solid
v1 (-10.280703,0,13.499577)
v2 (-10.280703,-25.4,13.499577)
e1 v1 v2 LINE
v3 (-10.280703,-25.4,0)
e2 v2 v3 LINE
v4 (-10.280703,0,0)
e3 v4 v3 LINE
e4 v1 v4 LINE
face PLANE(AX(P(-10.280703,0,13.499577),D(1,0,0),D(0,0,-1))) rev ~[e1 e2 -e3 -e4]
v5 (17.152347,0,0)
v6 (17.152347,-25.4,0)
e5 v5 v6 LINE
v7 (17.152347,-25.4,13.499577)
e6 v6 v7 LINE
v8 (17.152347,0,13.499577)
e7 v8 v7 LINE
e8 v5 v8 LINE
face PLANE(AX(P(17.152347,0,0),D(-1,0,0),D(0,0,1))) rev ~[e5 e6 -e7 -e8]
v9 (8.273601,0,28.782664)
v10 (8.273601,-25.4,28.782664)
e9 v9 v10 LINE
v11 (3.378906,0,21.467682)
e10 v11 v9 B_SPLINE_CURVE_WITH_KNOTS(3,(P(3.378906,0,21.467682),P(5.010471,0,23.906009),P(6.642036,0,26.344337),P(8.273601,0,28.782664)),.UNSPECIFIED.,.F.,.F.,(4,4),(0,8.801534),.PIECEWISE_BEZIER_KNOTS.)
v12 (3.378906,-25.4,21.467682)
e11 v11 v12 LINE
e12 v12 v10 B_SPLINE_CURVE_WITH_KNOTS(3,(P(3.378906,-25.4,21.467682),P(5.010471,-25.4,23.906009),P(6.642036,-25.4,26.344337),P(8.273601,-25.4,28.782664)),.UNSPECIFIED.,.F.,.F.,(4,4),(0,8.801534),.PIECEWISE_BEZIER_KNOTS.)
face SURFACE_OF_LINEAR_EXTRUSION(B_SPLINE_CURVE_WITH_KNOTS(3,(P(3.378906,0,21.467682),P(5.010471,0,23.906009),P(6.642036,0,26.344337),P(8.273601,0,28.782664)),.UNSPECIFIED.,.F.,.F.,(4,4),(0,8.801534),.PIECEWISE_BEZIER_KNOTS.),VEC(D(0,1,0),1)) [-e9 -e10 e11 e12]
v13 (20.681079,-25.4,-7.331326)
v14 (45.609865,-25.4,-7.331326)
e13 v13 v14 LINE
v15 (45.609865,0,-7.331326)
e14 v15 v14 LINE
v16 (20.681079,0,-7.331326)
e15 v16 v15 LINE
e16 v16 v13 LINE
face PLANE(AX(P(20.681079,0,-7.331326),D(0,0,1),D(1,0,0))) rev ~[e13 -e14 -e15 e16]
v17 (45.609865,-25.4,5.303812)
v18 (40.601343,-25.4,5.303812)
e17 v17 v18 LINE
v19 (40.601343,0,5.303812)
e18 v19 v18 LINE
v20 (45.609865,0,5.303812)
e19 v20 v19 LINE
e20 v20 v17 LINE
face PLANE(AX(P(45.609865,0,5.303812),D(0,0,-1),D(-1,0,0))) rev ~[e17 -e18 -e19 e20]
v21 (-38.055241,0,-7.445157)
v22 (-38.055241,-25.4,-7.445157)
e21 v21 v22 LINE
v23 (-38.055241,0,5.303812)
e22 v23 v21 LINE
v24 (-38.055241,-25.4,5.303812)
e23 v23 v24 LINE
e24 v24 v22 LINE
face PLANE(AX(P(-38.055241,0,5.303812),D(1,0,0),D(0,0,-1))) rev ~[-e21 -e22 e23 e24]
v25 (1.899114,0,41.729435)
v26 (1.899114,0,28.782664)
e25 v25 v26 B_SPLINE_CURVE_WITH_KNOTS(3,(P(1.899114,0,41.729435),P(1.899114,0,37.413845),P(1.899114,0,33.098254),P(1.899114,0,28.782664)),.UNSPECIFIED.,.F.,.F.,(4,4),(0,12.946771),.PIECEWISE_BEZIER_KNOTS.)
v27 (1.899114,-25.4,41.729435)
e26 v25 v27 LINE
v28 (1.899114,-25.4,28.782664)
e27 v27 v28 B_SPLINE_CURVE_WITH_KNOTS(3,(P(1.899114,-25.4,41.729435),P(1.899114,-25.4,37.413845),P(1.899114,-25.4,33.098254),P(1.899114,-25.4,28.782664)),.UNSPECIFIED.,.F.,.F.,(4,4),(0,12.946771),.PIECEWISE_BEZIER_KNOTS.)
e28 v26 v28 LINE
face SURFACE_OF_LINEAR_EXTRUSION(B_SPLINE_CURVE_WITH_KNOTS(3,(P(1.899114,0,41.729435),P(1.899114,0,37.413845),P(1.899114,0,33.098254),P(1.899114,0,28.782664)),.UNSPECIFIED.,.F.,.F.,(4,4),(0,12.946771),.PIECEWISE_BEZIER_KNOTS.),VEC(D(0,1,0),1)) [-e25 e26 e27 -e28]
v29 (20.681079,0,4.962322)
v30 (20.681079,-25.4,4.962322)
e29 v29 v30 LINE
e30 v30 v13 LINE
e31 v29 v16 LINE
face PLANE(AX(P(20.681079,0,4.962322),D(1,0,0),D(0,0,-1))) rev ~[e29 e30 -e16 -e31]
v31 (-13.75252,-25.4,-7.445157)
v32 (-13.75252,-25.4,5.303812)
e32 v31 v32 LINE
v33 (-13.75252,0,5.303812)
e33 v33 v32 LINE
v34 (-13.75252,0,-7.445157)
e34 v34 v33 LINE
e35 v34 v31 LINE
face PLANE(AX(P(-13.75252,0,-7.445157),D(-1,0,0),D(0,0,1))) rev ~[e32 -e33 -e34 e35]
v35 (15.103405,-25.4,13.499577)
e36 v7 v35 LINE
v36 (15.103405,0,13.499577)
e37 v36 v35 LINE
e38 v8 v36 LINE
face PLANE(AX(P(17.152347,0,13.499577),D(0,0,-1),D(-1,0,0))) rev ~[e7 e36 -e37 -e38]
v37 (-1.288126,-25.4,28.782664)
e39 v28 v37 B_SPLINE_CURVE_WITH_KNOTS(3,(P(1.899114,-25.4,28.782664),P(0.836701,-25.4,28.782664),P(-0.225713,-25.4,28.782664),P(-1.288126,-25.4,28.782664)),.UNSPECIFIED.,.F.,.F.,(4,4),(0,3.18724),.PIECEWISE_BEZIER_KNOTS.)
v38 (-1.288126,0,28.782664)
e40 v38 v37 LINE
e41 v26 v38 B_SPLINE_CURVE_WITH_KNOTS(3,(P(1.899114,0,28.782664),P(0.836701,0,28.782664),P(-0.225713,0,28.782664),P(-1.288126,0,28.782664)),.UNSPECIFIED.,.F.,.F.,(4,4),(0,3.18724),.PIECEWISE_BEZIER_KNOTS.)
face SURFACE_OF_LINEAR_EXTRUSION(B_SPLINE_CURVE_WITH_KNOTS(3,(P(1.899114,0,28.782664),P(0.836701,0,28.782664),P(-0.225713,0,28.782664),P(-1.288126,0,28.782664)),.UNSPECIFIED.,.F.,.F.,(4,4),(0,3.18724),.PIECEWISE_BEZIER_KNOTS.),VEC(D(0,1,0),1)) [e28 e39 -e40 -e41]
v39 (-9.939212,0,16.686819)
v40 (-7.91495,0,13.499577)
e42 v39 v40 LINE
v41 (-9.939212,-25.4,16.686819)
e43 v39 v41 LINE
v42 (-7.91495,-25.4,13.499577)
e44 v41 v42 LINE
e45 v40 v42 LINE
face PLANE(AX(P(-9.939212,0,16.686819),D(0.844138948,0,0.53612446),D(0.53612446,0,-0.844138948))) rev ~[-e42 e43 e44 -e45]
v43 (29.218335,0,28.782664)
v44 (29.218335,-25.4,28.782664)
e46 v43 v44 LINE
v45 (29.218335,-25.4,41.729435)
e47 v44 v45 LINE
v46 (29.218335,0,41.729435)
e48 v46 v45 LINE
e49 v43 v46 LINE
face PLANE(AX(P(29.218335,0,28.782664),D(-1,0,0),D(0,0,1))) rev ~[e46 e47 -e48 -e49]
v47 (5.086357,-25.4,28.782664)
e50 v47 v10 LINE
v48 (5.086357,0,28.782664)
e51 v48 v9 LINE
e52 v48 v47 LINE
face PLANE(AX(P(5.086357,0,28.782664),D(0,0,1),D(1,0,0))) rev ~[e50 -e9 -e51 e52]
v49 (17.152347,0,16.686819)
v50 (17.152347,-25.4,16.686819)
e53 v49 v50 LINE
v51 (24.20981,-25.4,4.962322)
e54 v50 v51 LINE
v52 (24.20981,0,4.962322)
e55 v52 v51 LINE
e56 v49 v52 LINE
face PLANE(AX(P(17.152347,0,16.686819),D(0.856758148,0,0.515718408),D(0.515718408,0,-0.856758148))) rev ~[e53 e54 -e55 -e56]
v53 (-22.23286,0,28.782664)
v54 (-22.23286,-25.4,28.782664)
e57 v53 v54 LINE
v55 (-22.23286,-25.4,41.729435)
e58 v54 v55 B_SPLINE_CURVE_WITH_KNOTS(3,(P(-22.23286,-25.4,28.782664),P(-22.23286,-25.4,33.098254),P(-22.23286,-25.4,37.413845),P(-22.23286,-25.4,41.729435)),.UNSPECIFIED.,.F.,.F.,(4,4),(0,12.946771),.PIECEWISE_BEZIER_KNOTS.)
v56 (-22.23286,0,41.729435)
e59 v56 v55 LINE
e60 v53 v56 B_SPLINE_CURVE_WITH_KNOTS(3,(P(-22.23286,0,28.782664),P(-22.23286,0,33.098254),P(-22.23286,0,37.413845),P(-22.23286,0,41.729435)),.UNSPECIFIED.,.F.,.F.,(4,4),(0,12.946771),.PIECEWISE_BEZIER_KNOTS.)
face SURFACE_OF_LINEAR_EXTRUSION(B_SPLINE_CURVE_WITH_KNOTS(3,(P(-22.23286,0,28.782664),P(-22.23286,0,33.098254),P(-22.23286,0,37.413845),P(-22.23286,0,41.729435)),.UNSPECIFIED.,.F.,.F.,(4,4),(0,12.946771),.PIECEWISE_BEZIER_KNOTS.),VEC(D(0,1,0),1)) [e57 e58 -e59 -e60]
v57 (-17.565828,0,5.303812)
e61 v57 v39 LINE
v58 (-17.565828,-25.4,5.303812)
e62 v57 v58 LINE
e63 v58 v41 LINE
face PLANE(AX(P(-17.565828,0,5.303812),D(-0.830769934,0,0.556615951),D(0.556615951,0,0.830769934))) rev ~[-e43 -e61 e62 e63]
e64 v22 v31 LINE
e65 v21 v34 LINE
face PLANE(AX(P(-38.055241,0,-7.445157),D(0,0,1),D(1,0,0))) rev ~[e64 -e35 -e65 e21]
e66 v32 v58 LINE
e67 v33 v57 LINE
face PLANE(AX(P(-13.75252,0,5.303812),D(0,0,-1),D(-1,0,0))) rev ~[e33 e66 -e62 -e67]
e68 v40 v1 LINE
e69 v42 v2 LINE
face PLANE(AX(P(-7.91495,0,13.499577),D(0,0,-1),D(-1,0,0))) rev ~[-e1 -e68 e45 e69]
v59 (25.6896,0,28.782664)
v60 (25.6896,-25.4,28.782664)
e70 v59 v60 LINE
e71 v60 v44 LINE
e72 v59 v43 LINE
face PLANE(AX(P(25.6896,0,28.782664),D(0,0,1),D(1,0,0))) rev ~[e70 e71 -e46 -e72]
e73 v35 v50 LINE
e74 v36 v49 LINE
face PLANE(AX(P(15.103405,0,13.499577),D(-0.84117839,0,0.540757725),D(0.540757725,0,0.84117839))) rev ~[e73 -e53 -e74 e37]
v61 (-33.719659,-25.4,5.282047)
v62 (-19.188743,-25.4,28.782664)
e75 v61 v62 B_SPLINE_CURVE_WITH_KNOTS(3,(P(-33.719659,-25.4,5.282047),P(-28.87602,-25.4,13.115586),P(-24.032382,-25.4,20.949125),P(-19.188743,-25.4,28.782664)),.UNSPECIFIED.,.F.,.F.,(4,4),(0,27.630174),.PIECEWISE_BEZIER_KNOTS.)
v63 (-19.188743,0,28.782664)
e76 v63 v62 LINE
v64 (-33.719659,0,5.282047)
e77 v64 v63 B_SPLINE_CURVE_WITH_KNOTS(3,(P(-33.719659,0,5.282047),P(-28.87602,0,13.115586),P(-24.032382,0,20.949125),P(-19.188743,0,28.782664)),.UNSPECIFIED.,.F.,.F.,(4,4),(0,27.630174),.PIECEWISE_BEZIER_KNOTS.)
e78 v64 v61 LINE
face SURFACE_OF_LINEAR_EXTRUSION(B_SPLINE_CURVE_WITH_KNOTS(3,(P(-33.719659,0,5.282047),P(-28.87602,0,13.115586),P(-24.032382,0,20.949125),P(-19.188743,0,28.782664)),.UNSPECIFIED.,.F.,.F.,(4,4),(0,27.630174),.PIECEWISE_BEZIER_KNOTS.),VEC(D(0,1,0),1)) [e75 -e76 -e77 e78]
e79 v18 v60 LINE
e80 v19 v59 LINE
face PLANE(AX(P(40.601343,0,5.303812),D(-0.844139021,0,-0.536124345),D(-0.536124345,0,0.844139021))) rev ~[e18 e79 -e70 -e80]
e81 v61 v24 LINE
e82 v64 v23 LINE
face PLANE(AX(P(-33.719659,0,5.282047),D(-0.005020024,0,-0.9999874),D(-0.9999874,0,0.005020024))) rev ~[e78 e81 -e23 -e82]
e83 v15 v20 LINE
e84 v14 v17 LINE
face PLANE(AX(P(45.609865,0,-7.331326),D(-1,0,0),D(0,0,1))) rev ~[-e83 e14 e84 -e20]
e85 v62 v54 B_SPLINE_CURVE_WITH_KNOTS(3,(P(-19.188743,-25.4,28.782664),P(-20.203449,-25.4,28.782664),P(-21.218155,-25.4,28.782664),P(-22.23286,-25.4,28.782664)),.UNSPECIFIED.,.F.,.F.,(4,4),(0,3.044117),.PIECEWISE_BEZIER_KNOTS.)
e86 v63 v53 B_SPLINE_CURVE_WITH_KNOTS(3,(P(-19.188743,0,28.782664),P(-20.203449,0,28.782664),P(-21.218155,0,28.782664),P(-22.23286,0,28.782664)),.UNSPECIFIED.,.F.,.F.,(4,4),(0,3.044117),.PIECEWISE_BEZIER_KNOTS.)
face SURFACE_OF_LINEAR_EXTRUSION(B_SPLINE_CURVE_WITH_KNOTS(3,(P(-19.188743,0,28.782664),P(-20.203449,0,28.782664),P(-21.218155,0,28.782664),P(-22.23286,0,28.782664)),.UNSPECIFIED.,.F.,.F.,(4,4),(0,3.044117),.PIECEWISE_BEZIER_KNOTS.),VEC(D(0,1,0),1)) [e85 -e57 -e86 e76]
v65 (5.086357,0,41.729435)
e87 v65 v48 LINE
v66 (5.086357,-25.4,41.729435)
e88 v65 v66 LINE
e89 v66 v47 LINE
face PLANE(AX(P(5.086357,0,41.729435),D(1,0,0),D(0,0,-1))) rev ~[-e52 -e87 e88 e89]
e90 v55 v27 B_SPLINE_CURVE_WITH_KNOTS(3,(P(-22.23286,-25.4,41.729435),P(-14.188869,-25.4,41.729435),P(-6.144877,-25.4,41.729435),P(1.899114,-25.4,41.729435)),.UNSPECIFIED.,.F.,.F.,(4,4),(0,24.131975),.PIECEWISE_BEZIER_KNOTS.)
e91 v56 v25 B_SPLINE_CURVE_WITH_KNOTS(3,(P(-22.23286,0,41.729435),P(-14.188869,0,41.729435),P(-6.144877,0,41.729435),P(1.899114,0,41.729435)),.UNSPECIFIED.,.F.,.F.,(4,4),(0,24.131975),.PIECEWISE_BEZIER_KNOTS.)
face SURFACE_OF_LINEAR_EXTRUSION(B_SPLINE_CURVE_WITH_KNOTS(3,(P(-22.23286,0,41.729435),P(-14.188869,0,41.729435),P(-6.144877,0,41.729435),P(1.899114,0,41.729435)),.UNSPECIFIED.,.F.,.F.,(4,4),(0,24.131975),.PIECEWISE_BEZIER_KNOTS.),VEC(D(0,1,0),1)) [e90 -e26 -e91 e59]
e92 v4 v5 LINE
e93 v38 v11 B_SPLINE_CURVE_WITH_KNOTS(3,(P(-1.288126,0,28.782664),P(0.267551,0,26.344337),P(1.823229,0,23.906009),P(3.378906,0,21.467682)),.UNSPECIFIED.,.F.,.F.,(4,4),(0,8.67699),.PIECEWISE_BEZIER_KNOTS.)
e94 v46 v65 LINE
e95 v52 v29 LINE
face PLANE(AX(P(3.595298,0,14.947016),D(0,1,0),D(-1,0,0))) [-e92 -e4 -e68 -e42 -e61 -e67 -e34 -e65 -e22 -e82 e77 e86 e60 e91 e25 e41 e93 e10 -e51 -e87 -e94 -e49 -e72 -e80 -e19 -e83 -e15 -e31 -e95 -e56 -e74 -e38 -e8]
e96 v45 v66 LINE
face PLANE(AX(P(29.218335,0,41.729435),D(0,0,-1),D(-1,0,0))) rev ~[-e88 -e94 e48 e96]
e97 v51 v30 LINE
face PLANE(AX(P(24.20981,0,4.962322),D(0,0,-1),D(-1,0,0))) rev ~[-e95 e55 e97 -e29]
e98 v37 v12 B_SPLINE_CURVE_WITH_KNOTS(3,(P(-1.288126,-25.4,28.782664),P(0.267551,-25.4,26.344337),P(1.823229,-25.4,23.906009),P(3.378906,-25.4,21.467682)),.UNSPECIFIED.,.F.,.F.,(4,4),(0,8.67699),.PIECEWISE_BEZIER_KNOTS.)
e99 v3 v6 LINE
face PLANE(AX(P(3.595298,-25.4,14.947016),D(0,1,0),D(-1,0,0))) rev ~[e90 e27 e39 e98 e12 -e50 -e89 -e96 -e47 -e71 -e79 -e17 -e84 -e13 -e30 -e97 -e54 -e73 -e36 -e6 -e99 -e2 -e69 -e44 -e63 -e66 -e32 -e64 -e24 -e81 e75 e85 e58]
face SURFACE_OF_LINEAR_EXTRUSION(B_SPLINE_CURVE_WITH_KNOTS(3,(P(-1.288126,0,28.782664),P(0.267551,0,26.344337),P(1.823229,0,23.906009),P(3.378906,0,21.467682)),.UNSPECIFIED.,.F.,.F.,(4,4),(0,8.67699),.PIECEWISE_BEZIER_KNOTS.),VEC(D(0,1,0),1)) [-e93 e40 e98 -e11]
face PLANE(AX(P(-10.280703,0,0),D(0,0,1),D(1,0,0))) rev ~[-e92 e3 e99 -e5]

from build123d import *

# Parameters (mm, degrees)
F1_DEPTH = 25.4


with BuildPart() as f1:
    # F0 (on Front) → F1 (new body)
    with BuildSketch(Plane.XZ):
        with BuildLine():
            add(Edge.make_bspline(
                [(-33.719659, 5.282047), (-28.87602, 13.115586), (-24.032382, 20.949125), (-19.188743, 28.782664)],
                knots=[0, 0, 0, 0, 27.630174, 27.630174, 27.630174, 27.630174], degree=3))
            Line((-33.719659, 5.282047), (-38.055241, 5.303812))
            Line((-38.055241, 5.303812), (-38.055241, -7.445157))
            Line((-38.055241, -7.445157), (-13.75252, -7.445157))
            Line((-13.75252, -7.445157), (-13.75252, 5.303812))
            Line((-13.75252, 5.303812), (-17.565828, 5.303812))
            Line((-17.565828, 5.303812), (-9.939212, 16.686819))
            Line((-9.939212, 16.686819), (-7.91495, 13.499577))
            Line((-7.91495, 13.499577), (-10.280703, 13.499577))
            Line((-10.280703, 13.499577), (-10.280703, 0))
            Line((-10.280703, 0), (17.152347, 0))
            Line((17.152347, 0), (17.152347, 13.499577))
            Line((17.152347, 13.499577), (15.103405, 13.499577))
            Line((15.103405, 13.499577), (17.152347, 16.686819))
            Line((17.152347, 16.686819), (24.20981, 4.962322))
            Line((24.20981, 4.962322), (20.681079, 4.962322))
            Line((20.681079, 4.962322), (20.681079, -7.331326))
            Line((20.681079, -7.331326), (45.609865, -7.331326))
            Line((45.609865, -7.331326), (45.609865, 5.303812))
            Line((45.609865, 5.303812), (40.601343, 5.303812))
            Line((40.601343, 5.303812), (25.6896, 28.782664))
            Line((25.6896, 28.782664), (29.218335, 28.782664))
            Line((29.218335, 28.782664), (29.218335, 41.729435))
            Line((29.218335, 41.729435), (5.086357, 41.729435))
            Line((5.086357, 41.729435), (5.086357, 28.782664))
            Line((5.086357, 28.782664), (8.273601, 28.782664))
            add(Edge.make_bspline(
                [(3.378906, 21.467682), (5.010471, 23.906009), (6.642036, 26.344337), (8.273601, 28.782664)],
                knots=[0, 0, 0, 0, 8.801534, 8.801534, 8.801534, 8.801534], degree=3))
            add(Edge.make_bspline(
                [(-1.288126, 28.782664), (0.267551, 26.344337), (1.823229, 23.906009), (3.378906, 21.467682)],
                knots=[0, 0, 0, 0, 8.67699, 8.67699, 8.67699, 8.67699], degree=3))
            add(Edge.make_bspline(
                [(1.899114, 28.782664), (0.836701, 28.782664), (-0.225713, 28.782664), (-1.288126, 28.782664)],
                knots=[0, 0, 0, 0, 3.18724, 3.18724, 3.18724, 3.18724], degree=3))
            add(Edge.make_bspline(
                [(1.899114, 41.729435), (1.899114, 37.413845), (1.899114, 33.098254), (1.899114, 28.782664)],
                knots=[0, 0, 0, 0, 12.946771, 12.946771, 12.946771, 12.946771], degree=3))
            add(Edge.make_bspline(
                [(-22.23286, 41.729435), (-14.188869, 41.729435), (-6.144877, 41.729435), (1.899114, 41.729435)],
                knots=[0, 0, 0, 0, 24.131975, 24.131975, 24.131975, 24.131975], degree=3))
            add(Edge.make_bspline(
                [(-22.23286, 28.782664), (-22.23286, 33.098254), (-22.23286, 37.413845), (-22.23286, 41.729435)],
                knots=[0, 0, 0, 0, 12.946771, 12.946771, 12.946771, 12.946771], degree=3))
            add(Edge.make_bspline(
                [(-19.188743, 28.782664), (-20.203449, 28.782664), (-21.218155, 28.782664), (-22.23286, 28.782664)],
                knots=[0, 0, 0, 0, 3.044117, 3.044117, 3.044117, 3.044117], degree=3))
        make_face()
    extrude(amount=F1_DEPTH)


solid = f1.part
